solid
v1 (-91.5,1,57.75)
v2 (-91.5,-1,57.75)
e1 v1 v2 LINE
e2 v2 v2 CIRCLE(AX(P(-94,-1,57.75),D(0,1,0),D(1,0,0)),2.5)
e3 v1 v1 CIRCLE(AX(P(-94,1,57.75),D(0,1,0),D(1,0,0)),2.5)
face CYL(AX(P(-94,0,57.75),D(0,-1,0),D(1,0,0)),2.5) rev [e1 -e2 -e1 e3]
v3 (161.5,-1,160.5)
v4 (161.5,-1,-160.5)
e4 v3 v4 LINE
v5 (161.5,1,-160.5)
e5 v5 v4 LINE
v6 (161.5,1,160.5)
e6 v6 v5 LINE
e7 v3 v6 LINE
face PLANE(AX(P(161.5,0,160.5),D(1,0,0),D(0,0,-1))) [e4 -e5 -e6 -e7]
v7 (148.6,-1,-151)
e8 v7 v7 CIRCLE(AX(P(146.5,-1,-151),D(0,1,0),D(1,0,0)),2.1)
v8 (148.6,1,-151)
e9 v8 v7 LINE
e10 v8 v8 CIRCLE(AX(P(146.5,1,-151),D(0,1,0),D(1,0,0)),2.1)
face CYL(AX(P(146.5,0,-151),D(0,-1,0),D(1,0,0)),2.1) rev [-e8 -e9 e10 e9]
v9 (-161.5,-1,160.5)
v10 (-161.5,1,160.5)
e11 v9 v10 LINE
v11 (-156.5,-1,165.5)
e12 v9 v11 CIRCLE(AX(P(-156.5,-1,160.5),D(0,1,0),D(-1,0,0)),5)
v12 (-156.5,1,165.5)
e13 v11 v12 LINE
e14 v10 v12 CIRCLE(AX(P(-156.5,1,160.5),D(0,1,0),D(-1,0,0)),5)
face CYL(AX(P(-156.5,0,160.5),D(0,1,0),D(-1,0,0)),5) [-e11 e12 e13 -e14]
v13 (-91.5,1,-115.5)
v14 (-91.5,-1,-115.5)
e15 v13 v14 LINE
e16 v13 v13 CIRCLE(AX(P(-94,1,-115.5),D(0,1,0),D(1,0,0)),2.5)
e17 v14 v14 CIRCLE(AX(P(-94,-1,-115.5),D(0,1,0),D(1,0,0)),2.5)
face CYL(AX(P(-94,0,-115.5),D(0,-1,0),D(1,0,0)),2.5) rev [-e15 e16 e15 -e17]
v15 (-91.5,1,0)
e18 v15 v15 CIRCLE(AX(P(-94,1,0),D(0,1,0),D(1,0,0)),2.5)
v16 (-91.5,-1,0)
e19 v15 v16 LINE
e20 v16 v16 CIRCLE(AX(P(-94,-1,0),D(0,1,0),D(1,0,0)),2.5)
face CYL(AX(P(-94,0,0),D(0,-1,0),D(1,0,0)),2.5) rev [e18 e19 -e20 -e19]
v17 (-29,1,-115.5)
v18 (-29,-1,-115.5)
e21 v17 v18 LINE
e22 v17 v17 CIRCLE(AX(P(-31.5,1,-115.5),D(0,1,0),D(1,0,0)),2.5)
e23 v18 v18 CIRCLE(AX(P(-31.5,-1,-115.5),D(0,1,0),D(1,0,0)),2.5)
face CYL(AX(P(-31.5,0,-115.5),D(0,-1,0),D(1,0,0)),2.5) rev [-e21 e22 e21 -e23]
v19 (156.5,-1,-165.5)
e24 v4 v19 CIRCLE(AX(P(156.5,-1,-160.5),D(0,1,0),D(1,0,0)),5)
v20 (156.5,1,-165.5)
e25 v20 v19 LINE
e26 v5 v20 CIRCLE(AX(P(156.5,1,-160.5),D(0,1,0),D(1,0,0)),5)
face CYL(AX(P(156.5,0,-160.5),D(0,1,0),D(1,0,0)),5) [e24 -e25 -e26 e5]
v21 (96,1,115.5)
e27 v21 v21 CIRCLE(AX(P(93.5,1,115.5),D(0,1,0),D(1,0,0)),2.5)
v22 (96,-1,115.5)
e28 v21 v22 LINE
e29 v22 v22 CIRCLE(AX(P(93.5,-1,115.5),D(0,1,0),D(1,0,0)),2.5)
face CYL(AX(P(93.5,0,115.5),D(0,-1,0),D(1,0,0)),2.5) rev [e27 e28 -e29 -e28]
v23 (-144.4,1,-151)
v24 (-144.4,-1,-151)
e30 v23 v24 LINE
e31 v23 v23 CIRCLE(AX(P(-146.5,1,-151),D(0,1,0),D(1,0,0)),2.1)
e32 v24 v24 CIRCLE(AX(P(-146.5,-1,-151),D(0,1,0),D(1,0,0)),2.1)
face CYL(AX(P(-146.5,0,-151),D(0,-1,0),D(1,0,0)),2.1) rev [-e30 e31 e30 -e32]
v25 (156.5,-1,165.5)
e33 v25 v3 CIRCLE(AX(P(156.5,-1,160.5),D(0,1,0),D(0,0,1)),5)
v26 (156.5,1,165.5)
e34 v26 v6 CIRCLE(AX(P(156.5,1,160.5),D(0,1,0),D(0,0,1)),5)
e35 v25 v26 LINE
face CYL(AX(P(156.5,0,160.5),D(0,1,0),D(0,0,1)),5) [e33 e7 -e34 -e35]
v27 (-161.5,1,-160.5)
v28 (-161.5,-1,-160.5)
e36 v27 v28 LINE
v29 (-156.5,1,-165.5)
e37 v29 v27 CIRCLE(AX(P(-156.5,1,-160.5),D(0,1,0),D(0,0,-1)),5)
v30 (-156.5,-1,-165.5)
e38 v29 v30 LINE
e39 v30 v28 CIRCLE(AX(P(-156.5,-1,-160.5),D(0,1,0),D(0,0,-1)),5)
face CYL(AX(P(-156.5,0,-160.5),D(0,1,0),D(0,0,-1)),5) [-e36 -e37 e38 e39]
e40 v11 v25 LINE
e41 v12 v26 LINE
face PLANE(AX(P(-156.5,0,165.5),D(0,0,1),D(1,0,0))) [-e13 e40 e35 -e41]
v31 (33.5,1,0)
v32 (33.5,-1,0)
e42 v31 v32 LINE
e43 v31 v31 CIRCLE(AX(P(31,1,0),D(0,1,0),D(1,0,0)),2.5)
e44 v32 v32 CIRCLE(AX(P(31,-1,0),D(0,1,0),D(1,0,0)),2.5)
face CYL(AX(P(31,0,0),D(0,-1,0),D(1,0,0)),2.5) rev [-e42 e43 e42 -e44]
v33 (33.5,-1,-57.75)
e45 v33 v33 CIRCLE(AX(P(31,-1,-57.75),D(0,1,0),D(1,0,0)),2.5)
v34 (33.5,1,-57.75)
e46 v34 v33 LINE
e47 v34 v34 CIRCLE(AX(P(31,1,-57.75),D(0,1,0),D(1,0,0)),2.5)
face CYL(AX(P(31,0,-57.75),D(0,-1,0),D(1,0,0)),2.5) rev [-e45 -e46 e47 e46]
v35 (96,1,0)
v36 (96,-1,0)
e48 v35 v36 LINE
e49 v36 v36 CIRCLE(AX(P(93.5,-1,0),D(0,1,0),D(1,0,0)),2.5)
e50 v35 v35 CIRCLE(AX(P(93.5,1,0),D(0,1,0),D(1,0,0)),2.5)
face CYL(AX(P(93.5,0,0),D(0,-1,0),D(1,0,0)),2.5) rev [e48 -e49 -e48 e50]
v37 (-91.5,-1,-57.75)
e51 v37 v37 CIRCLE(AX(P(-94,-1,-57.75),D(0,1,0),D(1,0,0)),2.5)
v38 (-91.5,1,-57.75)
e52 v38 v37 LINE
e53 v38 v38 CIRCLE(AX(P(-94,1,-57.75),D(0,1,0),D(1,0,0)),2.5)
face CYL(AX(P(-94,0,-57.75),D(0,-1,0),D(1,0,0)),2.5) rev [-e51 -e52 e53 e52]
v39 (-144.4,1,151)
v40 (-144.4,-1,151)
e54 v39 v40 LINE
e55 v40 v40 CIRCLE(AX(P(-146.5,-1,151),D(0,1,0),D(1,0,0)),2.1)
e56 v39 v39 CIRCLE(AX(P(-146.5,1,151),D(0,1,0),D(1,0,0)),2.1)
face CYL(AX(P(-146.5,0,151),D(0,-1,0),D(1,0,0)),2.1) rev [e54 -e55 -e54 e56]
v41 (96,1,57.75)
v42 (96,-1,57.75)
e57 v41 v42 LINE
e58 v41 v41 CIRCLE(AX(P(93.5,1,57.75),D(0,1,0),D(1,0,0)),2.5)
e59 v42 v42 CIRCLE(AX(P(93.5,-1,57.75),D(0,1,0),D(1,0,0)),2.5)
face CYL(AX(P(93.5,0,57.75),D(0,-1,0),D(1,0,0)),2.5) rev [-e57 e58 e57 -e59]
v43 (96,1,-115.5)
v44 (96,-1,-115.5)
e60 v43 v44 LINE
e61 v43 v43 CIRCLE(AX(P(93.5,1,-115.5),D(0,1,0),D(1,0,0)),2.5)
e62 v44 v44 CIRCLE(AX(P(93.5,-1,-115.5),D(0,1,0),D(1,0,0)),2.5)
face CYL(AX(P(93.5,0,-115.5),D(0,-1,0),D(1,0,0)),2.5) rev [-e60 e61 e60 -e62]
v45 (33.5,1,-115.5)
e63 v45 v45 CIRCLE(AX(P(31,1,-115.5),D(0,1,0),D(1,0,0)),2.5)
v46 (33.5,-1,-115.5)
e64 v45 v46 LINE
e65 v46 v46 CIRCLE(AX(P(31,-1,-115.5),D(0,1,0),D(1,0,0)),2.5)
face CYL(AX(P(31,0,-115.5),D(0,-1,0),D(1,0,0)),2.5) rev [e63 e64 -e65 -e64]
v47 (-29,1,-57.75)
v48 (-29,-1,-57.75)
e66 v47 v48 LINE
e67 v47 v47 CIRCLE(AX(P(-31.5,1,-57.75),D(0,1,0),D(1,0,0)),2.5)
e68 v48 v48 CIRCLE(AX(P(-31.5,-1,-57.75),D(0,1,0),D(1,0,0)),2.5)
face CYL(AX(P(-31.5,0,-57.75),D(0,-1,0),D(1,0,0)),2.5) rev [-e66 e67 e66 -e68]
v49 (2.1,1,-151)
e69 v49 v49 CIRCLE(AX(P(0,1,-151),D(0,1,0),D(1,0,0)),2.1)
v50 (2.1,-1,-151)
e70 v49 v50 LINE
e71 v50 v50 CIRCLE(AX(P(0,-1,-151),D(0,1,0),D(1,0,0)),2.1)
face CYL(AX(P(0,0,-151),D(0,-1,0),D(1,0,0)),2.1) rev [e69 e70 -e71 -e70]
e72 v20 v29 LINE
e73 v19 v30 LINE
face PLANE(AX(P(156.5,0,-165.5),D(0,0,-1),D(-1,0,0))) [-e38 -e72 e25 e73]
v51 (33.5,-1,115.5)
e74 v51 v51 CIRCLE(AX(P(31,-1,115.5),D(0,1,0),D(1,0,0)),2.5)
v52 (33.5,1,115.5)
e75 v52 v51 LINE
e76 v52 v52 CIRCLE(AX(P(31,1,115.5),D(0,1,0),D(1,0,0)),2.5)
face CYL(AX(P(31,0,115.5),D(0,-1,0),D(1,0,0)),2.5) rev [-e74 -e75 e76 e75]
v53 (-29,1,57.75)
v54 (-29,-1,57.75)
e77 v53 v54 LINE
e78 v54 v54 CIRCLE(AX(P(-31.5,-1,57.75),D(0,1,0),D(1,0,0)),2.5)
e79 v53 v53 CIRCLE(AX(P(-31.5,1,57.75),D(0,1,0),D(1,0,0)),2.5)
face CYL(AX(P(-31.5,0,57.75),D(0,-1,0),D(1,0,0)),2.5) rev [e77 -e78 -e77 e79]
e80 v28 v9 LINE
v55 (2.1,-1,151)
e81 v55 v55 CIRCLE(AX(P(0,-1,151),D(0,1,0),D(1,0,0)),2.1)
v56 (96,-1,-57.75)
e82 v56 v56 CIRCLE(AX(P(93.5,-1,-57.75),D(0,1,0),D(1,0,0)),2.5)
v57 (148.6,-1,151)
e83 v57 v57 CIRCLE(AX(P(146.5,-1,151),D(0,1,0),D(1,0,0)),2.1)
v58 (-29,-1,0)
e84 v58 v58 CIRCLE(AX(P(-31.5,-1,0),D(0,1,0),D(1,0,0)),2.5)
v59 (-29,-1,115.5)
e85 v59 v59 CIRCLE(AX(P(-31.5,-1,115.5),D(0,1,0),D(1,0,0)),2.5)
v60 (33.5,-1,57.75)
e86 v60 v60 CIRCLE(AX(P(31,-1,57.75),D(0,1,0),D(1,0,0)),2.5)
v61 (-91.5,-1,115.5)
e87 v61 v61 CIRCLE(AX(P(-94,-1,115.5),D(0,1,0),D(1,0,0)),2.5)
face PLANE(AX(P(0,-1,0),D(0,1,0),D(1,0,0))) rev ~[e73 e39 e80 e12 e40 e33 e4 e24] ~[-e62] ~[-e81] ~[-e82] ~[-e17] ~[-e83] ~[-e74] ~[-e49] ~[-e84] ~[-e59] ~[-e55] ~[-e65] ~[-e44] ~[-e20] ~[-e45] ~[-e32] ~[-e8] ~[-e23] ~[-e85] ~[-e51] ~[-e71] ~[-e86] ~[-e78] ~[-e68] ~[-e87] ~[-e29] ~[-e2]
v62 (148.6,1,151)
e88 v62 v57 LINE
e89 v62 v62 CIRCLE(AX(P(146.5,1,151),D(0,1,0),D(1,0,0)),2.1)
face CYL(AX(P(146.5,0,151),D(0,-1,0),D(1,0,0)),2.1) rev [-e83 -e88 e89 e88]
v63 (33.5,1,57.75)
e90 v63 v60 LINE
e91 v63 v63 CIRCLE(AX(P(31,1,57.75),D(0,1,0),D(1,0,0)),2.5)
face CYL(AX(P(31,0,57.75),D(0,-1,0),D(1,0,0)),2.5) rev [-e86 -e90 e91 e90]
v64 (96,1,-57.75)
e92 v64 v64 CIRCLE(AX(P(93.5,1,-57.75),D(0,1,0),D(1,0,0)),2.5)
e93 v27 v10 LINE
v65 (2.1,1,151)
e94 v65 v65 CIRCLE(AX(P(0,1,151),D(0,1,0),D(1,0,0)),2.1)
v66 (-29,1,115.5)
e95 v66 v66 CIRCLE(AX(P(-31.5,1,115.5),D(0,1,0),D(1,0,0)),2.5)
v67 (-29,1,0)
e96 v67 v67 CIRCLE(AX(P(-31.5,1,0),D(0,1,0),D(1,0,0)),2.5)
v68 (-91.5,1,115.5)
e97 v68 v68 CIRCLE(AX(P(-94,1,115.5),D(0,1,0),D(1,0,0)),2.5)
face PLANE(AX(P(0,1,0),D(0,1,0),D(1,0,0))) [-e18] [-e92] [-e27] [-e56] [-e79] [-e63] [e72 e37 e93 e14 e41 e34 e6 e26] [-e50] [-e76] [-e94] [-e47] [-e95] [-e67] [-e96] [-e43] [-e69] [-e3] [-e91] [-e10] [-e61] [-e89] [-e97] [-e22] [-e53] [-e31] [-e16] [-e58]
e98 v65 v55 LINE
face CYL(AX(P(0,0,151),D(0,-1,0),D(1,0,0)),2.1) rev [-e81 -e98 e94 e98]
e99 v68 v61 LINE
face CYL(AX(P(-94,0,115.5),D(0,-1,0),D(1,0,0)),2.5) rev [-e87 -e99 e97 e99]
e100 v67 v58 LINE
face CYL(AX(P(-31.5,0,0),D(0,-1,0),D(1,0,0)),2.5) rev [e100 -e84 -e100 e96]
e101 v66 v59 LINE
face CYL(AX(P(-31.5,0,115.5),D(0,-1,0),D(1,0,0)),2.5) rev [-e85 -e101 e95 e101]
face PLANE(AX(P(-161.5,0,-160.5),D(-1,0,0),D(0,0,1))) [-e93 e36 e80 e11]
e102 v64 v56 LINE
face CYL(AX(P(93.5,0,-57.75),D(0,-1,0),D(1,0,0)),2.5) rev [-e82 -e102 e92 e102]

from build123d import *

# Parameters (mm, degrees)
SKETCH1_R           = 2.1
SKETCH1_R_2         = 2.5
BOSS_EXTRUDE1_DEPTH = 1


with BuildPart() as part:
    # Sketch1 → Boss-Extrude1 (new body, symmetric)
    with BuildSketch(Plane(origin=(0, 0, 0), x_dir=(1, 0, 0), z_dir=(0, 1, 0))):
        with BuildLine():
            Line((-161.5, 160.5), (-161.5, -160.5))
            ThreePointArc((-161.5, -160.5), (-160.035533906, -164.035533906), (-156.5, -165.5))
            Line((-156.5, -165.5), (156.5, -165.5))
            ThreePointArc((156.5, -165.5), (160.035533906, -164.035533906), (161.5, -160.5))
            Line((161.5, -160.5), (161.5, 160.5))
            ThreePointArc((161.5, 160.5), (160.035533906, 164.035533906), (156.5, 165.5))
            Line((156.5, 165.5), (-156.5, 165.5))
            ThreePointArc((-156.5, 165.5), (-160.035533906, 164.035533906), (-161.5, 160.5))
        make_face()
        with Locations((0, 151)):
            Circle(SKETCH1_R, mode=Mode.SUBTRACT)
        with Locations((146.5, 151)):
            Circle(SKETCH1_R, mode=Mode.SUBTRACT)
        with Locations((-146.5, 151)):
            Circle(SKETCH1_R, mode=Mode.SUBTRACT)
        with Locations((0, -151)):
            Circle(SKETCH1_R, mode=Mode.SUBTRACT)
        with Locations((146.5, -151)):
            Circle(SKETCH1_R, mode=Mode.SUBTRACT)
        with Locations((-146.5, -151)):
            Circle(SKETCH1_R, mode=Mode.SUBTRACT)
        with Locations((-94, 115.5)):
            Circle(SKETCH1_R_2, mode=Mode.SUBTRACT)
        with Locations((-31.5, 115.5)):
            Circle(SKETCH1_R_2, mode=Mode.SUBTRACT)
        with Locations((31, 115.5)):
            Circle(SKETCH1_R_2, mode=Mode.SUBTRACT)
        with Locations((93.5, 115.5)):
            Circle(SKETCH1_R_2, mode=Mode.SUBTRACT)
        with Locations((-94, 57.75)):
            Circle(SKETCH1_R_2, mode=Mode.SUBTRACT)
        with Locations((-31.5, 57.75)):
            Circle(SKETCH1_R_2, mode=Mode.SUBTRACT)
        with Locations((31, 57.75)):
            Circle(SKETCH1_R_2, mode=Mode.SUBTRACT)
        with Locations((93.5, 57.75)):
            Circle(SKETCH1_R_2, mode=Mode.SUBTRACT)
        with Locations((-94, 0)):
            Circle(SKETCH1_R_2, mode=Mode.SUBTRACT)
        with Locations((-31.5, 0)):
            Circle(SKETCH1_R_2, mode=Mode.SUBTRACT)
        with Locations((31, 0)):
            Circle(SKETCH1_R_2, mode=Mode.SUBTRACT)
        with Locations((93.5, 0)):
            Circle(SKETCH1_R_2, mode=Mode.SUBTRACT)
        with Locations((-94, -57.75)):
            Circle(SKETCH1_R_2, mode=Mode.SUBTRACT)
        with Locations((-31.5, -57.75)):
            Circle(SKETCH1_R_2, mode=Mode.SUBTRACT)
        with Locations((31, -57.75)):
            Circle(SKETCH1_R_2, mode=Mode.SUBTRACT)
        with Locations((93.5, -57.75)):
            Circle(SKETCH1_R_2, mode=Mode.SUBTRACT)
        with Locations((-94, -115.5)):
            Circle(SKETCH1_R_2, mode=Mode.SUBTRACT)
        with Locations((-31.5, -115.5)):
            Circle(SKETCH1_R_2, mode=Mode.SUBTRACT)
        with Locations((31, -115.5)):
            Circle(SKETCH1_R_2, mode=Mode.SUBTRACT)
        with Locations((93.5, -115.5)):
            Circle(SKETCH1_R_2, mode=Mode.SUBTRACT)
    extrude(amount=BOSS_EXTRUDE1_DEPTH, both=True)


solid = part.part
